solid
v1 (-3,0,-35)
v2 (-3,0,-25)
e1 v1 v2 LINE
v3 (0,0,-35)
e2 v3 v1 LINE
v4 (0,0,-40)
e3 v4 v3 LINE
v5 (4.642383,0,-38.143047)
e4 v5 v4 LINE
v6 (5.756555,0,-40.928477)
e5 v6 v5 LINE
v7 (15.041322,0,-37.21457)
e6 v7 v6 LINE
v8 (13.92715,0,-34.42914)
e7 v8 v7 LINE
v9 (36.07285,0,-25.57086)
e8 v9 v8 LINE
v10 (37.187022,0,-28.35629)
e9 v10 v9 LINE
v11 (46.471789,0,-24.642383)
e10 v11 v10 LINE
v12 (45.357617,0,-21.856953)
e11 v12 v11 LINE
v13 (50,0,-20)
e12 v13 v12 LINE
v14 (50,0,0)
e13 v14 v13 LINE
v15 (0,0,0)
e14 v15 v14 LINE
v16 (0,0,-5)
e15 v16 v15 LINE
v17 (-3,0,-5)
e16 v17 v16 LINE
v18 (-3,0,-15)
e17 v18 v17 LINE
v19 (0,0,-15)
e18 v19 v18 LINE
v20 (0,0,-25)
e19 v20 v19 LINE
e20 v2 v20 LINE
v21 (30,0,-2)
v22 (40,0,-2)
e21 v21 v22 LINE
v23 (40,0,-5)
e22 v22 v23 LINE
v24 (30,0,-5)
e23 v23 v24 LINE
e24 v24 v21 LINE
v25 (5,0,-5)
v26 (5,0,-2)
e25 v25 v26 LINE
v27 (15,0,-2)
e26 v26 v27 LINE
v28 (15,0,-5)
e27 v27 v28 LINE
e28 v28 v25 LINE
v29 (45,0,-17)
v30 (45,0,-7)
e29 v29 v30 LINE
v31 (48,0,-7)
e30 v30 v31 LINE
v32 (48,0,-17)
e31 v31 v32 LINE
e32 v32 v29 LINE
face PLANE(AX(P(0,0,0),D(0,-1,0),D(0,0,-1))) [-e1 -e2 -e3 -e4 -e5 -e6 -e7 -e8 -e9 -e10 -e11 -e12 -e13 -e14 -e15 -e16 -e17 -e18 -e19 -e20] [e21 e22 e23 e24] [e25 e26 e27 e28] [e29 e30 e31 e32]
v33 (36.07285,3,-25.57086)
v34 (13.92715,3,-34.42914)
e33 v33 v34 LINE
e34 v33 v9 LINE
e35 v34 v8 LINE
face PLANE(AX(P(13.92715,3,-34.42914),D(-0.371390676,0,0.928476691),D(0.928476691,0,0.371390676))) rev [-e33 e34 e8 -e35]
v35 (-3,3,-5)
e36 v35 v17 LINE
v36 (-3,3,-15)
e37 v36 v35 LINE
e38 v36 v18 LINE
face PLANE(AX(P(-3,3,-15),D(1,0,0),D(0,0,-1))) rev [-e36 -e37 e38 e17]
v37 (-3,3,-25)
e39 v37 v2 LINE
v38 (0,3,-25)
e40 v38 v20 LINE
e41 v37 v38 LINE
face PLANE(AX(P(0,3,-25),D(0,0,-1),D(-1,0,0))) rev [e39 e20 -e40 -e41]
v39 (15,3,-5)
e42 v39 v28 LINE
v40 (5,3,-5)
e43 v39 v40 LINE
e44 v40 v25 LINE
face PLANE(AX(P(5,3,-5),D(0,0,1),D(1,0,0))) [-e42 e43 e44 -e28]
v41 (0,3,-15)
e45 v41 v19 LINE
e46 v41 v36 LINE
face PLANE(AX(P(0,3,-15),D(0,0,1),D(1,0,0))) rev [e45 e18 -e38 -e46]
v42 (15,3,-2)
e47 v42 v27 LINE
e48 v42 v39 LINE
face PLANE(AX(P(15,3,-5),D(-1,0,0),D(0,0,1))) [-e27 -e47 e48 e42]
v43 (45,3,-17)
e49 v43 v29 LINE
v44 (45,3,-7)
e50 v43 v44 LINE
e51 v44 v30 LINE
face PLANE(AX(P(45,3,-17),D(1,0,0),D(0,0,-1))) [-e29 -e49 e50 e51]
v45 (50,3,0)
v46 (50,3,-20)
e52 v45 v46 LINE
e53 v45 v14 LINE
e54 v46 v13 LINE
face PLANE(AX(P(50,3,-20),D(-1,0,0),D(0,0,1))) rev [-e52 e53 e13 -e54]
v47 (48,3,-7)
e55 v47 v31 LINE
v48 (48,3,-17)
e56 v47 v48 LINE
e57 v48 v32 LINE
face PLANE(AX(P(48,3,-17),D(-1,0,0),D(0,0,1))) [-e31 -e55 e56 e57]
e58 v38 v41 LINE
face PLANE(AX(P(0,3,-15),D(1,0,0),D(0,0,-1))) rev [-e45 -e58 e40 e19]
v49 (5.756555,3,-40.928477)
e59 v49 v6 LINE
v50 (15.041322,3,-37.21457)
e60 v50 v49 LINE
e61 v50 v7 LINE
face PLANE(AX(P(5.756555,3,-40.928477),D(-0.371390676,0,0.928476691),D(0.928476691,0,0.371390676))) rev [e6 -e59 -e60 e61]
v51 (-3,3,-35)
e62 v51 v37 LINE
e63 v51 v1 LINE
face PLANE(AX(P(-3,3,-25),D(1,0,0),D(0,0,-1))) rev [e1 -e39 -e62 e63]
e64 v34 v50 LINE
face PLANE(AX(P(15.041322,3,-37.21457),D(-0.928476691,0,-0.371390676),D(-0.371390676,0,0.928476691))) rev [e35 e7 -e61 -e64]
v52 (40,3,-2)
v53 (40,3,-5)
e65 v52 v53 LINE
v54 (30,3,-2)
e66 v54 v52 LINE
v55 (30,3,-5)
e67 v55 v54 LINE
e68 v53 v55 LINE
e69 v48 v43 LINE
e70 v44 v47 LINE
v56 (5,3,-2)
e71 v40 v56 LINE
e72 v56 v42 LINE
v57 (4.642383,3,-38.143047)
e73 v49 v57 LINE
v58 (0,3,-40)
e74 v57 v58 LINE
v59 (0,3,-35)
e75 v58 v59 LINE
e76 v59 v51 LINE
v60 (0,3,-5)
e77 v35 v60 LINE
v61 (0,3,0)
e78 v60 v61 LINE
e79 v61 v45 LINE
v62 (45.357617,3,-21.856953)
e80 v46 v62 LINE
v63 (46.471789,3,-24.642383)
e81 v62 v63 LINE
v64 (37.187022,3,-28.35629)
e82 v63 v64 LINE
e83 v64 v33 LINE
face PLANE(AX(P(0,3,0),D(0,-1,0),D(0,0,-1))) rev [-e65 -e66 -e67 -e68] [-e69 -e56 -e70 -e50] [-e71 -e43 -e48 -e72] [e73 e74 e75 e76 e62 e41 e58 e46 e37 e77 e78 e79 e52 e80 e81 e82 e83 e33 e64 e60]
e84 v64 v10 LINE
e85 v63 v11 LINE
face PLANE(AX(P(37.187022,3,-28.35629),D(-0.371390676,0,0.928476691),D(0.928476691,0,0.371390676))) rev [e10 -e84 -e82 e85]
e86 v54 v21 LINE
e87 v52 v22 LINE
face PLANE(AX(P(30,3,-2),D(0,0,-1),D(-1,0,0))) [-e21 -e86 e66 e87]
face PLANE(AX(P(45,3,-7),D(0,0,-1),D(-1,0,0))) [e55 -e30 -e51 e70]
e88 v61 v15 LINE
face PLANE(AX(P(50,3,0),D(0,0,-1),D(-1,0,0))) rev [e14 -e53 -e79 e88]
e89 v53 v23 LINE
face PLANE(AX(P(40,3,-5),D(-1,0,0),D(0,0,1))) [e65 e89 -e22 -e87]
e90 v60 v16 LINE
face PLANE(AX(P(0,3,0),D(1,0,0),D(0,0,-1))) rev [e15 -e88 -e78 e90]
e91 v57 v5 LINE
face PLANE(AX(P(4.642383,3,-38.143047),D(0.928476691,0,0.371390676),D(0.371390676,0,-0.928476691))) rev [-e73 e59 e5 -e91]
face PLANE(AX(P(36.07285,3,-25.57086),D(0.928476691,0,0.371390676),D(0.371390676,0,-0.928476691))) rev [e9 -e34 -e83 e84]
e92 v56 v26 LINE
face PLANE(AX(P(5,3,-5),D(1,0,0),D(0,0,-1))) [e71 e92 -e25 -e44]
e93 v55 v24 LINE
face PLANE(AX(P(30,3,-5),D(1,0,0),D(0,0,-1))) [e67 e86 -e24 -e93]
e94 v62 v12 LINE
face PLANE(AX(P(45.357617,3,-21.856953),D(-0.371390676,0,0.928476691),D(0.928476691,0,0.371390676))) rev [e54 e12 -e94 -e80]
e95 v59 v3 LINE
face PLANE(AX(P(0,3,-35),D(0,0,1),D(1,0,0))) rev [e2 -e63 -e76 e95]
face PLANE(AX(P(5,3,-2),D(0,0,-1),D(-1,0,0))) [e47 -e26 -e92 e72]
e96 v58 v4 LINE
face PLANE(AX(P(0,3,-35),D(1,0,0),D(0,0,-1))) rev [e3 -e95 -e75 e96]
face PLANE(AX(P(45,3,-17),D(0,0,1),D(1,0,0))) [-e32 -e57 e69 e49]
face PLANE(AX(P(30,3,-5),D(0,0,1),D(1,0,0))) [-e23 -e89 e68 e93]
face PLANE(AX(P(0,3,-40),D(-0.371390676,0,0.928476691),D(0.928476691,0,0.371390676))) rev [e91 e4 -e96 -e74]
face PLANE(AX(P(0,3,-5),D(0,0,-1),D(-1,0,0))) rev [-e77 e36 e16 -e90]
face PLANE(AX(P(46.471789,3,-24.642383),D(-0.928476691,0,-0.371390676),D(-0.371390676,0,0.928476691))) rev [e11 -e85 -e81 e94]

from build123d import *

# Parameters (mm, degrees)
SKETCH1_W           = 10
SKETCH1_H           = 3
SKETCH1_W_2         = 3
SKETCH1_H_2         = 10
BOSS_EXTRUDE1_DEPTH = 3


with BuildPart() as part:
    # Sketch1 → Boss-Extrude1 (new body)
    with BuildSketch(Plane(origin=(0, 0, 0), x_dir=(1, 0, 0), z_dir=(0, 1, 0))):
        Polygon((0, 0), (0, 5), (-3, 5), (-3, 15), (0, 15), (0, 25), (-3, 25), (-3, 35), (0, 35), (0, 40), (4.642383454, 38.143046618), (5.756555483, 40.928476691), (15.041322392, 37.214569927), (13.927150363, 34.429139855), (36.072849637, 25.570860145), (37.187021666, 28.356290218), (46.471788575, 24.642383454), (45.357616546, 21.856953382), (50, 20), (50, 0), align=None)
        with Locations((10, 3.5)):
            Rectangle(SKETCH1_W, SKETCH1_H, mode=Mode.SUBTRACT)
        with Locations((35, 3.5)):
            Rectangle(SKETCH1_W, SKETCH1_H, mode=Mode.SUBTRACT)
        with Locations((46.5, 12)):
            Rectangle(SKETCH1_W_2, SKETCH1_H_2, mode=Mode.SUBTRACT)
    extrude(amount=BOSS_EXTRUDE1_DEPTH)


solid = part.part
